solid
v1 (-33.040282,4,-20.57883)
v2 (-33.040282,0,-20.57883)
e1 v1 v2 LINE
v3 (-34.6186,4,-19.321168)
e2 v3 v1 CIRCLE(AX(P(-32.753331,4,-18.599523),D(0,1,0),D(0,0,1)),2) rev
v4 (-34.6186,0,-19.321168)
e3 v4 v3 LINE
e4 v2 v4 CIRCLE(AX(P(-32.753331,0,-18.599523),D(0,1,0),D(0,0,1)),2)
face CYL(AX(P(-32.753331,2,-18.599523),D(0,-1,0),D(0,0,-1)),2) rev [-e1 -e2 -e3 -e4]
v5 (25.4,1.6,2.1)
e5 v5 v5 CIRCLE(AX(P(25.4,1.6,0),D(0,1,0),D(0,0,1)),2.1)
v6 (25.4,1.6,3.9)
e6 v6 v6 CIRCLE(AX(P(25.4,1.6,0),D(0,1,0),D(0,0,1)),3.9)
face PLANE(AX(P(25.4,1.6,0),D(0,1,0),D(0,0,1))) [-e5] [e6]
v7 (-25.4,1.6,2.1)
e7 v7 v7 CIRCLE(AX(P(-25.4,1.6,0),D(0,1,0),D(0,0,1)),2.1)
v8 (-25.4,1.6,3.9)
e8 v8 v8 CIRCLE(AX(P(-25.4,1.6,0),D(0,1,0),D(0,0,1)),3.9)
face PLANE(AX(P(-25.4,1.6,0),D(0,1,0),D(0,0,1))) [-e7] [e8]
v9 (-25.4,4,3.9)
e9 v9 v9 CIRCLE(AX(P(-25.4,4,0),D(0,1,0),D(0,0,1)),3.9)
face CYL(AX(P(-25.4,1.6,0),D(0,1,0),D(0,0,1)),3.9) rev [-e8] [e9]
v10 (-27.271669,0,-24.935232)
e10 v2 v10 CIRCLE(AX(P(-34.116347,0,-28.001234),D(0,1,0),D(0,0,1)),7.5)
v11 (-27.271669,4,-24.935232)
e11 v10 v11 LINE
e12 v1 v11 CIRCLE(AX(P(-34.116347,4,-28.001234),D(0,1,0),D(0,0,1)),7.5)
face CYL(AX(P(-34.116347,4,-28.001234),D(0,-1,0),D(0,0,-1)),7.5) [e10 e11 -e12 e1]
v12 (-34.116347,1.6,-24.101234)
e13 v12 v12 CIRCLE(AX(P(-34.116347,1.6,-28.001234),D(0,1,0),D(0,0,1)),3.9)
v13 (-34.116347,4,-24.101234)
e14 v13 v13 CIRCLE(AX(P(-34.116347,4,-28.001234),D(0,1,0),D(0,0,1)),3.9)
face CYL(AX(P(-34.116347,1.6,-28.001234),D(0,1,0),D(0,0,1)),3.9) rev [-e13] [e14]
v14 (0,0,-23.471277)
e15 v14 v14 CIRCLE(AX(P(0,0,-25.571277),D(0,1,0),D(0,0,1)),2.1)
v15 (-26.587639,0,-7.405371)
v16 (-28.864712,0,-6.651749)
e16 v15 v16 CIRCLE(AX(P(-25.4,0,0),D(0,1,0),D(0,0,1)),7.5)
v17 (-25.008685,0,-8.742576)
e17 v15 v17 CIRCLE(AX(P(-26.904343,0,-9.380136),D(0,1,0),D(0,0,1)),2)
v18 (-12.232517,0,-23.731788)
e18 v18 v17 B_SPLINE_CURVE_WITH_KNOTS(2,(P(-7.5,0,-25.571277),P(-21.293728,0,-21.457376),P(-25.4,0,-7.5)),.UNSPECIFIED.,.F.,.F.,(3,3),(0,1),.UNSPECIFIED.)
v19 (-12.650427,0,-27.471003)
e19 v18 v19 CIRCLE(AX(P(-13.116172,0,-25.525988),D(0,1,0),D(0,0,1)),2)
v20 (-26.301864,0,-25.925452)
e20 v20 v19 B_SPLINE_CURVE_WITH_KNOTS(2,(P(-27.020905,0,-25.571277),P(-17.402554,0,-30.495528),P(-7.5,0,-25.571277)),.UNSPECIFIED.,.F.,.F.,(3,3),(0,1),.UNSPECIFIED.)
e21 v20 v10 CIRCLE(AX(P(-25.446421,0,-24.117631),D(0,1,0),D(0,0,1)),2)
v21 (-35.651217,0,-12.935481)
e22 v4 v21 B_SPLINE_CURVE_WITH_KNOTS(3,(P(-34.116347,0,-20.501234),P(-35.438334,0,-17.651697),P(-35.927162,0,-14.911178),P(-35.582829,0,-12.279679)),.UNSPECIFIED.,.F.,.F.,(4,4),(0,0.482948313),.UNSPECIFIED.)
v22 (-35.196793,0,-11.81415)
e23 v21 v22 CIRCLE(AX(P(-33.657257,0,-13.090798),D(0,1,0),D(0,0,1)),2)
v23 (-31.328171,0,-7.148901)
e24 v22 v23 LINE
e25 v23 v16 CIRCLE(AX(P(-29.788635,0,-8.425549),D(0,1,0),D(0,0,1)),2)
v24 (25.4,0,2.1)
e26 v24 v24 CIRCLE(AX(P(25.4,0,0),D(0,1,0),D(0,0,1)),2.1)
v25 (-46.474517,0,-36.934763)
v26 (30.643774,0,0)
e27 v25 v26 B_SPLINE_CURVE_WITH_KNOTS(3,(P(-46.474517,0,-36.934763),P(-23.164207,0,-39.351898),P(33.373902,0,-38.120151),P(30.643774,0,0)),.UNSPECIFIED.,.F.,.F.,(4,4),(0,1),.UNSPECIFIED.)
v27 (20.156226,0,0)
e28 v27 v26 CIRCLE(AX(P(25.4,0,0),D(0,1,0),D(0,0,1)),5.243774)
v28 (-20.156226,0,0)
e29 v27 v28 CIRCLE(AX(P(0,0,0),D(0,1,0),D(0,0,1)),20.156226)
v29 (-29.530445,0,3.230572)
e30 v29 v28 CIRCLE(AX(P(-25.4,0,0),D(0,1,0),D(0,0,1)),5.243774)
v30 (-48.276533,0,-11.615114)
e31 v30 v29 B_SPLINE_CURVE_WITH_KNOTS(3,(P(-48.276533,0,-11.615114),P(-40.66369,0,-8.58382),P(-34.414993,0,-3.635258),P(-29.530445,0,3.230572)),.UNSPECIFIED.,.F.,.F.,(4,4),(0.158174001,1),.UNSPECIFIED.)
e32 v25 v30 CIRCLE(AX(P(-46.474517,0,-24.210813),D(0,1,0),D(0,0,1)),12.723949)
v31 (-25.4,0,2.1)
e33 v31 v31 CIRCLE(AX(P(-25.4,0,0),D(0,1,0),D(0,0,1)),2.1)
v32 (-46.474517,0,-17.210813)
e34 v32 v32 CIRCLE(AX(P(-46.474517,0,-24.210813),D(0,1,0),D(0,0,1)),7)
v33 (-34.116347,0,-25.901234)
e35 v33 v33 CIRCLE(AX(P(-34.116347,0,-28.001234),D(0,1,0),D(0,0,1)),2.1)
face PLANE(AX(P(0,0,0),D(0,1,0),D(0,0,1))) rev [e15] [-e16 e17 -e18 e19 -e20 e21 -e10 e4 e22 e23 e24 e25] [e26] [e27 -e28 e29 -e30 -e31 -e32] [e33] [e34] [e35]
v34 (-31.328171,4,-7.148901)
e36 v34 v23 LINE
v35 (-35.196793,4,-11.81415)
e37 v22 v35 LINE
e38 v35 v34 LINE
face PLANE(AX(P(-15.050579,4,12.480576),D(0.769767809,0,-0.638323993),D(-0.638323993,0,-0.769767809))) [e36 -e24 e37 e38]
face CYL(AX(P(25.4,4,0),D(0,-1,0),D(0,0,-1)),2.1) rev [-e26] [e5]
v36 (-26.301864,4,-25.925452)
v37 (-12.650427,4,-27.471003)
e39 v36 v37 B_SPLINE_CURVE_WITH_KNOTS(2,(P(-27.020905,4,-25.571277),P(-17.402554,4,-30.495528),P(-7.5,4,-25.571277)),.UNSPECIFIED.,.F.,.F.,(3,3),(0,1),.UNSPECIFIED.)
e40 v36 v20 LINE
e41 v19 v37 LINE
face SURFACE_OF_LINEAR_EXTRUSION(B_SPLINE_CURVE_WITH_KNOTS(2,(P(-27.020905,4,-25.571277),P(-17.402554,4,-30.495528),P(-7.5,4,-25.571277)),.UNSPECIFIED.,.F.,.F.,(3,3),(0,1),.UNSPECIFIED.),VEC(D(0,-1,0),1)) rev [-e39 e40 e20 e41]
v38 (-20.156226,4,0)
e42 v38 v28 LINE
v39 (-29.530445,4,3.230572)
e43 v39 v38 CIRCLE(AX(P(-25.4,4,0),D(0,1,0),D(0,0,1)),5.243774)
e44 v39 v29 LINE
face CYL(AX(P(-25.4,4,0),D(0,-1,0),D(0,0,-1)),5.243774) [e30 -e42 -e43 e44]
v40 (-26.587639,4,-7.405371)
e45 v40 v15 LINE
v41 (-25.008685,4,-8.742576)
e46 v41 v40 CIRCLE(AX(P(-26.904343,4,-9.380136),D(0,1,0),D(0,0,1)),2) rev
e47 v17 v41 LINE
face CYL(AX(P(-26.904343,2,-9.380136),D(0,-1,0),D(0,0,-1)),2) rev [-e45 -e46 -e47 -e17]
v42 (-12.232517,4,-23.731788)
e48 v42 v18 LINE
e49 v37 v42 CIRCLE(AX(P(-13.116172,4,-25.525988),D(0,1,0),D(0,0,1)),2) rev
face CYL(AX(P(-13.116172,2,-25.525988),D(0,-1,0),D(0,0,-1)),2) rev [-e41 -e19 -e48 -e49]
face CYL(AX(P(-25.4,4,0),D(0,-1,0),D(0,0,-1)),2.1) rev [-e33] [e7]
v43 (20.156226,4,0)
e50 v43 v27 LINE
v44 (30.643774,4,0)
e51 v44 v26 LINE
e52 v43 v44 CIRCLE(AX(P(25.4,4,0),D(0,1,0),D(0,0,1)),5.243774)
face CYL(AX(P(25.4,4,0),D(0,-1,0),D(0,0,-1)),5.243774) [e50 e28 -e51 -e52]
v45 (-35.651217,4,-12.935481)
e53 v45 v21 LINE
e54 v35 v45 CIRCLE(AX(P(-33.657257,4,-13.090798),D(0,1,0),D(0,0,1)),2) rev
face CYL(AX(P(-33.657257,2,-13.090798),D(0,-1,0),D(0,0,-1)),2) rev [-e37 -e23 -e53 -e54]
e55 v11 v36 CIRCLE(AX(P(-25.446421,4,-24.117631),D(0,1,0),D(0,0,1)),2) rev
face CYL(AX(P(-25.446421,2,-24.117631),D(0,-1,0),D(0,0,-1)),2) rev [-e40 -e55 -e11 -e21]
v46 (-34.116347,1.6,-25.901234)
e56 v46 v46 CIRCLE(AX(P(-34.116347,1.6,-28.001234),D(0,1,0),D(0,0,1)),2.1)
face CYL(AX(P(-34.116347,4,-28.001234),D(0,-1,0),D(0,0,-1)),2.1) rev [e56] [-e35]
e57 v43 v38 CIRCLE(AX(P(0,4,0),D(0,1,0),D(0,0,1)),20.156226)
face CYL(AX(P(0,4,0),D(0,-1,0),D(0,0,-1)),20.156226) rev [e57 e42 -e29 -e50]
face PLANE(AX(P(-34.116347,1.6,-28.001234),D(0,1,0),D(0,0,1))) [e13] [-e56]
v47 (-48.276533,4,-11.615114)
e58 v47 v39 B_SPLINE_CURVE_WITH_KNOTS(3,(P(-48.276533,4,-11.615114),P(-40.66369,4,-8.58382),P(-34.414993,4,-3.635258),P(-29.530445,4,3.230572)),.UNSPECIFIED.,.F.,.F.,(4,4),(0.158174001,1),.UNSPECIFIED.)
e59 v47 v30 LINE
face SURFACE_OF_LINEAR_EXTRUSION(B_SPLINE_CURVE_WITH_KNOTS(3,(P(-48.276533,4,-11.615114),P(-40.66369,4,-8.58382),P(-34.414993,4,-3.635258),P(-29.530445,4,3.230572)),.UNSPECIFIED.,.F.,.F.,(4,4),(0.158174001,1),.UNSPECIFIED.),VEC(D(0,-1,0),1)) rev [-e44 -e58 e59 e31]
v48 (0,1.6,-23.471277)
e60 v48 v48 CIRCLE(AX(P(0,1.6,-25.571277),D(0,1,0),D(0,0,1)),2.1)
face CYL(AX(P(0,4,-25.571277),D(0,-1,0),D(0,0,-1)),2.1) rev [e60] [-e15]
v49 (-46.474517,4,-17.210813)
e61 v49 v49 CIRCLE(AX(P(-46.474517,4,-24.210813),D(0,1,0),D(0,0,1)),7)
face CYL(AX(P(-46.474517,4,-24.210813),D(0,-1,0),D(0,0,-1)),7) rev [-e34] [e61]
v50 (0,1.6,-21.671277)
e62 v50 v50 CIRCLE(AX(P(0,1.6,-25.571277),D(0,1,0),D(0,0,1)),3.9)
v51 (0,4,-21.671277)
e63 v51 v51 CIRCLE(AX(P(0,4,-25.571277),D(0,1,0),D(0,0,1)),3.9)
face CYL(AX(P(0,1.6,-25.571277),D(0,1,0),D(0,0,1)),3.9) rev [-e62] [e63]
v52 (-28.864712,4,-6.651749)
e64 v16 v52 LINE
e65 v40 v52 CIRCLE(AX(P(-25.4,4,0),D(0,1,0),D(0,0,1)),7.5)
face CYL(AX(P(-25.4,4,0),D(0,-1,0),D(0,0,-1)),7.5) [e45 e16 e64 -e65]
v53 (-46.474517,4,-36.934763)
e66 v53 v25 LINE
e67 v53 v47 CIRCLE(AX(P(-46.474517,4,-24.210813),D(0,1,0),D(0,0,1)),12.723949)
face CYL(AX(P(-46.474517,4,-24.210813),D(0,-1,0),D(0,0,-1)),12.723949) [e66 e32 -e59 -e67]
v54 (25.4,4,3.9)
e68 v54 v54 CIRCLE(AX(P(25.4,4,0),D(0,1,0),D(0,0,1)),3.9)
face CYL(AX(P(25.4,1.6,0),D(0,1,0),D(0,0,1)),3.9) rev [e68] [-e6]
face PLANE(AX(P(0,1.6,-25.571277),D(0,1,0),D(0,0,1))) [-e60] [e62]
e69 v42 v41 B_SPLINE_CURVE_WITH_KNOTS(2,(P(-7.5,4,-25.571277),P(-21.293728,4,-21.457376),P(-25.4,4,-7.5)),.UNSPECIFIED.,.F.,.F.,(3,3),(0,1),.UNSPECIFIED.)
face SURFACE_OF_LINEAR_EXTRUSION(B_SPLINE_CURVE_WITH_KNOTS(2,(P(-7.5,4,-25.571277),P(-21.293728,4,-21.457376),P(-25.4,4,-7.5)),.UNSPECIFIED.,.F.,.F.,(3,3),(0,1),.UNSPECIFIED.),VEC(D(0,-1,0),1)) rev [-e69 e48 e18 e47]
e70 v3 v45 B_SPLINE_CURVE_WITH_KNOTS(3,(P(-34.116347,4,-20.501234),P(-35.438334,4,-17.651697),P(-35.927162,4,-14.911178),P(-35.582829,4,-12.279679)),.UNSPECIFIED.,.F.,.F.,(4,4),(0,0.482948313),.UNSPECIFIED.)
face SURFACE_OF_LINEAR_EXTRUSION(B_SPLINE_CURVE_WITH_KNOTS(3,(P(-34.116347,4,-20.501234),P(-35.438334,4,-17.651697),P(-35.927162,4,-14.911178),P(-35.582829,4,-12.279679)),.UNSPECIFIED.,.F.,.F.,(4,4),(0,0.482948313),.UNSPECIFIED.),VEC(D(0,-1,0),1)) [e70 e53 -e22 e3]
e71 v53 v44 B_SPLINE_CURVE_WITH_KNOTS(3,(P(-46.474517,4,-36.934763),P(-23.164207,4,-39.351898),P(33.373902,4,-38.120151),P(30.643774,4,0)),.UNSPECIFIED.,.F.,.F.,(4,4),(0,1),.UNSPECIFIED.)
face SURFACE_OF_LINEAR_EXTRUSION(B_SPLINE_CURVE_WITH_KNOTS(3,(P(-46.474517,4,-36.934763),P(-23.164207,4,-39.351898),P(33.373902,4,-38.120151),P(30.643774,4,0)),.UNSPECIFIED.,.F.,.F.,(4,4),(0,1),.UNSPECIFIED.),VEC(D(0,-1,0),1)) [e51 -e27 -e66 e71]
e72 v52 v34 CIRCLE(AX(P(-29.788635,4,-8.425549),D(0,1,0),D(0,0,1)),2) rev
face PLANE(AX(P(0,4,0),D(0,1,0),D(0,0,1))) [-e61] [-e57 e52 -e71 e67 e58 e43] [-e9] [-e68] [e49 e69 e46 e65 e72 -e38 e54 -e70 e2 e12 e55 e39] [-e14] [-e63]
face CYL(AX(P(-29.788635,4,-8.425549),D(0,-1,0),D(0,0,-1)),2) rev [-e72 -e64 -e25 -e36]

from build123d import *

# Parameters (mm, degrees)
SKETCH1_R           = 2.1
SKETCH1_R_2         = 7
BOSS_EXTRUDE1_DEPTH = 4
FILLET1_R           = 2
SKETCH2_R           = 3.9
CUT_EXTRUDE1_DEPTH  = 2.4


with BuildPart() as part:
    # Sketch1 → Boss-Extrude1 (new body)
    with BuildSketch(Plane(origin=(0, 0, 0), x_dir=(1, 0, 0), z_dir=(0, 1, 0))):
        with BuildLine():
            ThreePointArc((-20.156225815, 0), (0, 20.156225815), (20.156225815, 0))
            ThreePointArc((20.156225815, 0), (25.4, -5.243774185), (30.643774185, 0))
            add(Edge.make_bspline(
                [(-46.474516908, 36.934762739), (-23.164206568, 39.351897946), (33.373901801, 38.120150773), (30.643774185, 0)],
                knots=[0, 0, 0, 0, 1, 1, 1, 1], degree=3))
            ThreePointArc((-46.474516908, 36.934762739), (-59.166363236, 25.114100216), (-48.276532762, 11.615114404))
            add(Edge.make_bspline(
                [(-48.276532762, 11.615114404), (-40.793059369, 8.635332343), (-34.627763453, 3.802891886), (-29.780645012, -2.882206965)],
                knots=[0.158174001, 0.158174001, 0.158174001, 0.158174001, 0.985694322, 0.985694322, 0.985694322, 0.985694322], degree=3))
            add(Edge.make_bspline(
                [(-29.780645012, -2.882206965), (-29.696850917, -2.997774969), (-29.613450765, -3.113896649), (-29.530444557, -3.230572003)],
                knots=[0.985694322, 0.985694322, 0.985694322, 0.985694322, 1, 1, 1, 1], degree=3))
            ThreePointArc((-29.530444557, -3.230572003), (-23.691484685, -4.957634831), (-20.156225815, 0))
        make_face()
        with Locations(Location((-25.4, 0, 0), (0, 0, 270))):
            Circle(SKETCH1_R, mode=Mode.SUBTRACT)
        with Locations(Location((25.4, 0, 0), (0, 0, 270))):
            Circle(SKETCH1_R, mode=Mode.SUBTRACT)
        with Locations(Location((-46.474516908, 24.210813251, 0), (0, 0, 270))):
            Circle(SKETCH1_R_2, mode=Mode.SUBTRACT)
        with BuildLine():
            Line((-30.18742995, 5.773258566), (-35.582829026, 12.279679392))
            add(Edge.make_bspline(
                [(-34.116347467, 20.501234406), (-35.438334408, 17.651696826), (-35.927161595, 14.911178488), (-35.582829026, 12.279679392)],
                knots=[0, 0, 0, 0, 0.482948313, 0.482948313, 0.482948313, 0.482948313], degree=3))
            ThreePointArc((-34.116347467, 20.501234406), (-29.755996604, 21.898993805), (-27.020904781, 25.57127698))
            add(Edge.make_bspline(
                [(-27.020904781, 25.57127698), (-17.402553682, 30.495527598), (-7.5, 25.57127698)],
                knots=[0, 0, 0, 1, 1, 1], degree=2))
            add(Edge.make_bspline(
                [(-7.5, 25.57127698), (-21.293728183, 21.457376491), (-25.4, 7.5)],
                knots=[0, 0, 0, 1, 1, 1], degree=2))
            ThreePointArc((-25.4, 7.5), (-27.944657222, 7.0551201), (-30.18742995, 5.773258566))
        make_face(mode=Mode.SUBTRACT)
        with Locations(Location((-34.116347467, 28.001234406, 0), (0, 0, 270))):
            Circle(SKETCH1_R, mode=Mode.SUBTRACT)
        with Locations(Location((0, 25.57127698, 0), (0, 0, 270))):
            Circle(SKETCH1_R, mode=Mode.SUBTRACT)
    extrude(amount=BOSS_EXTRUDE1_DEPTH)

    # Fillet1
    fillet1_edges = [part.edges().sort_by_distance(p)[0] for p in [
        (-34.116347467, 2, -20.501234406),
        (-35.582829026, 2, -12.279679392),
        (-30.18742995, 2, -5.773258566),
        (-25.4, 2, -7.5),
        (-7.5, 2, -25.57127698),
        (-27.020904781, 2, -25.57127698),
    ]]
    fillet(fillet1_edges, radius=FILLET1_R)

    # Sketch2 → Cut-Extrude1 (cut)
    with BuildSketch(Plane(origin=(0, 4, 0), x_dir=(1, 0, 0), z_dir=(0, 1, 0))):
        with Locations(Location((-34.116347467, 28.001234406, 0), (0, 0, 270))):
            Circle(SKETCH2_R)
        with Locations(Location((0, 25.57127698, 0), (0, 0, 270))):
            Circle(SKETCH2_R)
        with Locations(Location((-25.4, 0, 0), (0, 0, 270))):
            Circle(SKETCH2_R)
        with Locations(Location((25.4, 0, 0), (0, 0, 270))):
            Circle(SKETCH2_R)
    extrude(amount=-CUT_EXTRUDE1_DEPTH, mode=Mode.SUBTRACT)


solid = part.part
